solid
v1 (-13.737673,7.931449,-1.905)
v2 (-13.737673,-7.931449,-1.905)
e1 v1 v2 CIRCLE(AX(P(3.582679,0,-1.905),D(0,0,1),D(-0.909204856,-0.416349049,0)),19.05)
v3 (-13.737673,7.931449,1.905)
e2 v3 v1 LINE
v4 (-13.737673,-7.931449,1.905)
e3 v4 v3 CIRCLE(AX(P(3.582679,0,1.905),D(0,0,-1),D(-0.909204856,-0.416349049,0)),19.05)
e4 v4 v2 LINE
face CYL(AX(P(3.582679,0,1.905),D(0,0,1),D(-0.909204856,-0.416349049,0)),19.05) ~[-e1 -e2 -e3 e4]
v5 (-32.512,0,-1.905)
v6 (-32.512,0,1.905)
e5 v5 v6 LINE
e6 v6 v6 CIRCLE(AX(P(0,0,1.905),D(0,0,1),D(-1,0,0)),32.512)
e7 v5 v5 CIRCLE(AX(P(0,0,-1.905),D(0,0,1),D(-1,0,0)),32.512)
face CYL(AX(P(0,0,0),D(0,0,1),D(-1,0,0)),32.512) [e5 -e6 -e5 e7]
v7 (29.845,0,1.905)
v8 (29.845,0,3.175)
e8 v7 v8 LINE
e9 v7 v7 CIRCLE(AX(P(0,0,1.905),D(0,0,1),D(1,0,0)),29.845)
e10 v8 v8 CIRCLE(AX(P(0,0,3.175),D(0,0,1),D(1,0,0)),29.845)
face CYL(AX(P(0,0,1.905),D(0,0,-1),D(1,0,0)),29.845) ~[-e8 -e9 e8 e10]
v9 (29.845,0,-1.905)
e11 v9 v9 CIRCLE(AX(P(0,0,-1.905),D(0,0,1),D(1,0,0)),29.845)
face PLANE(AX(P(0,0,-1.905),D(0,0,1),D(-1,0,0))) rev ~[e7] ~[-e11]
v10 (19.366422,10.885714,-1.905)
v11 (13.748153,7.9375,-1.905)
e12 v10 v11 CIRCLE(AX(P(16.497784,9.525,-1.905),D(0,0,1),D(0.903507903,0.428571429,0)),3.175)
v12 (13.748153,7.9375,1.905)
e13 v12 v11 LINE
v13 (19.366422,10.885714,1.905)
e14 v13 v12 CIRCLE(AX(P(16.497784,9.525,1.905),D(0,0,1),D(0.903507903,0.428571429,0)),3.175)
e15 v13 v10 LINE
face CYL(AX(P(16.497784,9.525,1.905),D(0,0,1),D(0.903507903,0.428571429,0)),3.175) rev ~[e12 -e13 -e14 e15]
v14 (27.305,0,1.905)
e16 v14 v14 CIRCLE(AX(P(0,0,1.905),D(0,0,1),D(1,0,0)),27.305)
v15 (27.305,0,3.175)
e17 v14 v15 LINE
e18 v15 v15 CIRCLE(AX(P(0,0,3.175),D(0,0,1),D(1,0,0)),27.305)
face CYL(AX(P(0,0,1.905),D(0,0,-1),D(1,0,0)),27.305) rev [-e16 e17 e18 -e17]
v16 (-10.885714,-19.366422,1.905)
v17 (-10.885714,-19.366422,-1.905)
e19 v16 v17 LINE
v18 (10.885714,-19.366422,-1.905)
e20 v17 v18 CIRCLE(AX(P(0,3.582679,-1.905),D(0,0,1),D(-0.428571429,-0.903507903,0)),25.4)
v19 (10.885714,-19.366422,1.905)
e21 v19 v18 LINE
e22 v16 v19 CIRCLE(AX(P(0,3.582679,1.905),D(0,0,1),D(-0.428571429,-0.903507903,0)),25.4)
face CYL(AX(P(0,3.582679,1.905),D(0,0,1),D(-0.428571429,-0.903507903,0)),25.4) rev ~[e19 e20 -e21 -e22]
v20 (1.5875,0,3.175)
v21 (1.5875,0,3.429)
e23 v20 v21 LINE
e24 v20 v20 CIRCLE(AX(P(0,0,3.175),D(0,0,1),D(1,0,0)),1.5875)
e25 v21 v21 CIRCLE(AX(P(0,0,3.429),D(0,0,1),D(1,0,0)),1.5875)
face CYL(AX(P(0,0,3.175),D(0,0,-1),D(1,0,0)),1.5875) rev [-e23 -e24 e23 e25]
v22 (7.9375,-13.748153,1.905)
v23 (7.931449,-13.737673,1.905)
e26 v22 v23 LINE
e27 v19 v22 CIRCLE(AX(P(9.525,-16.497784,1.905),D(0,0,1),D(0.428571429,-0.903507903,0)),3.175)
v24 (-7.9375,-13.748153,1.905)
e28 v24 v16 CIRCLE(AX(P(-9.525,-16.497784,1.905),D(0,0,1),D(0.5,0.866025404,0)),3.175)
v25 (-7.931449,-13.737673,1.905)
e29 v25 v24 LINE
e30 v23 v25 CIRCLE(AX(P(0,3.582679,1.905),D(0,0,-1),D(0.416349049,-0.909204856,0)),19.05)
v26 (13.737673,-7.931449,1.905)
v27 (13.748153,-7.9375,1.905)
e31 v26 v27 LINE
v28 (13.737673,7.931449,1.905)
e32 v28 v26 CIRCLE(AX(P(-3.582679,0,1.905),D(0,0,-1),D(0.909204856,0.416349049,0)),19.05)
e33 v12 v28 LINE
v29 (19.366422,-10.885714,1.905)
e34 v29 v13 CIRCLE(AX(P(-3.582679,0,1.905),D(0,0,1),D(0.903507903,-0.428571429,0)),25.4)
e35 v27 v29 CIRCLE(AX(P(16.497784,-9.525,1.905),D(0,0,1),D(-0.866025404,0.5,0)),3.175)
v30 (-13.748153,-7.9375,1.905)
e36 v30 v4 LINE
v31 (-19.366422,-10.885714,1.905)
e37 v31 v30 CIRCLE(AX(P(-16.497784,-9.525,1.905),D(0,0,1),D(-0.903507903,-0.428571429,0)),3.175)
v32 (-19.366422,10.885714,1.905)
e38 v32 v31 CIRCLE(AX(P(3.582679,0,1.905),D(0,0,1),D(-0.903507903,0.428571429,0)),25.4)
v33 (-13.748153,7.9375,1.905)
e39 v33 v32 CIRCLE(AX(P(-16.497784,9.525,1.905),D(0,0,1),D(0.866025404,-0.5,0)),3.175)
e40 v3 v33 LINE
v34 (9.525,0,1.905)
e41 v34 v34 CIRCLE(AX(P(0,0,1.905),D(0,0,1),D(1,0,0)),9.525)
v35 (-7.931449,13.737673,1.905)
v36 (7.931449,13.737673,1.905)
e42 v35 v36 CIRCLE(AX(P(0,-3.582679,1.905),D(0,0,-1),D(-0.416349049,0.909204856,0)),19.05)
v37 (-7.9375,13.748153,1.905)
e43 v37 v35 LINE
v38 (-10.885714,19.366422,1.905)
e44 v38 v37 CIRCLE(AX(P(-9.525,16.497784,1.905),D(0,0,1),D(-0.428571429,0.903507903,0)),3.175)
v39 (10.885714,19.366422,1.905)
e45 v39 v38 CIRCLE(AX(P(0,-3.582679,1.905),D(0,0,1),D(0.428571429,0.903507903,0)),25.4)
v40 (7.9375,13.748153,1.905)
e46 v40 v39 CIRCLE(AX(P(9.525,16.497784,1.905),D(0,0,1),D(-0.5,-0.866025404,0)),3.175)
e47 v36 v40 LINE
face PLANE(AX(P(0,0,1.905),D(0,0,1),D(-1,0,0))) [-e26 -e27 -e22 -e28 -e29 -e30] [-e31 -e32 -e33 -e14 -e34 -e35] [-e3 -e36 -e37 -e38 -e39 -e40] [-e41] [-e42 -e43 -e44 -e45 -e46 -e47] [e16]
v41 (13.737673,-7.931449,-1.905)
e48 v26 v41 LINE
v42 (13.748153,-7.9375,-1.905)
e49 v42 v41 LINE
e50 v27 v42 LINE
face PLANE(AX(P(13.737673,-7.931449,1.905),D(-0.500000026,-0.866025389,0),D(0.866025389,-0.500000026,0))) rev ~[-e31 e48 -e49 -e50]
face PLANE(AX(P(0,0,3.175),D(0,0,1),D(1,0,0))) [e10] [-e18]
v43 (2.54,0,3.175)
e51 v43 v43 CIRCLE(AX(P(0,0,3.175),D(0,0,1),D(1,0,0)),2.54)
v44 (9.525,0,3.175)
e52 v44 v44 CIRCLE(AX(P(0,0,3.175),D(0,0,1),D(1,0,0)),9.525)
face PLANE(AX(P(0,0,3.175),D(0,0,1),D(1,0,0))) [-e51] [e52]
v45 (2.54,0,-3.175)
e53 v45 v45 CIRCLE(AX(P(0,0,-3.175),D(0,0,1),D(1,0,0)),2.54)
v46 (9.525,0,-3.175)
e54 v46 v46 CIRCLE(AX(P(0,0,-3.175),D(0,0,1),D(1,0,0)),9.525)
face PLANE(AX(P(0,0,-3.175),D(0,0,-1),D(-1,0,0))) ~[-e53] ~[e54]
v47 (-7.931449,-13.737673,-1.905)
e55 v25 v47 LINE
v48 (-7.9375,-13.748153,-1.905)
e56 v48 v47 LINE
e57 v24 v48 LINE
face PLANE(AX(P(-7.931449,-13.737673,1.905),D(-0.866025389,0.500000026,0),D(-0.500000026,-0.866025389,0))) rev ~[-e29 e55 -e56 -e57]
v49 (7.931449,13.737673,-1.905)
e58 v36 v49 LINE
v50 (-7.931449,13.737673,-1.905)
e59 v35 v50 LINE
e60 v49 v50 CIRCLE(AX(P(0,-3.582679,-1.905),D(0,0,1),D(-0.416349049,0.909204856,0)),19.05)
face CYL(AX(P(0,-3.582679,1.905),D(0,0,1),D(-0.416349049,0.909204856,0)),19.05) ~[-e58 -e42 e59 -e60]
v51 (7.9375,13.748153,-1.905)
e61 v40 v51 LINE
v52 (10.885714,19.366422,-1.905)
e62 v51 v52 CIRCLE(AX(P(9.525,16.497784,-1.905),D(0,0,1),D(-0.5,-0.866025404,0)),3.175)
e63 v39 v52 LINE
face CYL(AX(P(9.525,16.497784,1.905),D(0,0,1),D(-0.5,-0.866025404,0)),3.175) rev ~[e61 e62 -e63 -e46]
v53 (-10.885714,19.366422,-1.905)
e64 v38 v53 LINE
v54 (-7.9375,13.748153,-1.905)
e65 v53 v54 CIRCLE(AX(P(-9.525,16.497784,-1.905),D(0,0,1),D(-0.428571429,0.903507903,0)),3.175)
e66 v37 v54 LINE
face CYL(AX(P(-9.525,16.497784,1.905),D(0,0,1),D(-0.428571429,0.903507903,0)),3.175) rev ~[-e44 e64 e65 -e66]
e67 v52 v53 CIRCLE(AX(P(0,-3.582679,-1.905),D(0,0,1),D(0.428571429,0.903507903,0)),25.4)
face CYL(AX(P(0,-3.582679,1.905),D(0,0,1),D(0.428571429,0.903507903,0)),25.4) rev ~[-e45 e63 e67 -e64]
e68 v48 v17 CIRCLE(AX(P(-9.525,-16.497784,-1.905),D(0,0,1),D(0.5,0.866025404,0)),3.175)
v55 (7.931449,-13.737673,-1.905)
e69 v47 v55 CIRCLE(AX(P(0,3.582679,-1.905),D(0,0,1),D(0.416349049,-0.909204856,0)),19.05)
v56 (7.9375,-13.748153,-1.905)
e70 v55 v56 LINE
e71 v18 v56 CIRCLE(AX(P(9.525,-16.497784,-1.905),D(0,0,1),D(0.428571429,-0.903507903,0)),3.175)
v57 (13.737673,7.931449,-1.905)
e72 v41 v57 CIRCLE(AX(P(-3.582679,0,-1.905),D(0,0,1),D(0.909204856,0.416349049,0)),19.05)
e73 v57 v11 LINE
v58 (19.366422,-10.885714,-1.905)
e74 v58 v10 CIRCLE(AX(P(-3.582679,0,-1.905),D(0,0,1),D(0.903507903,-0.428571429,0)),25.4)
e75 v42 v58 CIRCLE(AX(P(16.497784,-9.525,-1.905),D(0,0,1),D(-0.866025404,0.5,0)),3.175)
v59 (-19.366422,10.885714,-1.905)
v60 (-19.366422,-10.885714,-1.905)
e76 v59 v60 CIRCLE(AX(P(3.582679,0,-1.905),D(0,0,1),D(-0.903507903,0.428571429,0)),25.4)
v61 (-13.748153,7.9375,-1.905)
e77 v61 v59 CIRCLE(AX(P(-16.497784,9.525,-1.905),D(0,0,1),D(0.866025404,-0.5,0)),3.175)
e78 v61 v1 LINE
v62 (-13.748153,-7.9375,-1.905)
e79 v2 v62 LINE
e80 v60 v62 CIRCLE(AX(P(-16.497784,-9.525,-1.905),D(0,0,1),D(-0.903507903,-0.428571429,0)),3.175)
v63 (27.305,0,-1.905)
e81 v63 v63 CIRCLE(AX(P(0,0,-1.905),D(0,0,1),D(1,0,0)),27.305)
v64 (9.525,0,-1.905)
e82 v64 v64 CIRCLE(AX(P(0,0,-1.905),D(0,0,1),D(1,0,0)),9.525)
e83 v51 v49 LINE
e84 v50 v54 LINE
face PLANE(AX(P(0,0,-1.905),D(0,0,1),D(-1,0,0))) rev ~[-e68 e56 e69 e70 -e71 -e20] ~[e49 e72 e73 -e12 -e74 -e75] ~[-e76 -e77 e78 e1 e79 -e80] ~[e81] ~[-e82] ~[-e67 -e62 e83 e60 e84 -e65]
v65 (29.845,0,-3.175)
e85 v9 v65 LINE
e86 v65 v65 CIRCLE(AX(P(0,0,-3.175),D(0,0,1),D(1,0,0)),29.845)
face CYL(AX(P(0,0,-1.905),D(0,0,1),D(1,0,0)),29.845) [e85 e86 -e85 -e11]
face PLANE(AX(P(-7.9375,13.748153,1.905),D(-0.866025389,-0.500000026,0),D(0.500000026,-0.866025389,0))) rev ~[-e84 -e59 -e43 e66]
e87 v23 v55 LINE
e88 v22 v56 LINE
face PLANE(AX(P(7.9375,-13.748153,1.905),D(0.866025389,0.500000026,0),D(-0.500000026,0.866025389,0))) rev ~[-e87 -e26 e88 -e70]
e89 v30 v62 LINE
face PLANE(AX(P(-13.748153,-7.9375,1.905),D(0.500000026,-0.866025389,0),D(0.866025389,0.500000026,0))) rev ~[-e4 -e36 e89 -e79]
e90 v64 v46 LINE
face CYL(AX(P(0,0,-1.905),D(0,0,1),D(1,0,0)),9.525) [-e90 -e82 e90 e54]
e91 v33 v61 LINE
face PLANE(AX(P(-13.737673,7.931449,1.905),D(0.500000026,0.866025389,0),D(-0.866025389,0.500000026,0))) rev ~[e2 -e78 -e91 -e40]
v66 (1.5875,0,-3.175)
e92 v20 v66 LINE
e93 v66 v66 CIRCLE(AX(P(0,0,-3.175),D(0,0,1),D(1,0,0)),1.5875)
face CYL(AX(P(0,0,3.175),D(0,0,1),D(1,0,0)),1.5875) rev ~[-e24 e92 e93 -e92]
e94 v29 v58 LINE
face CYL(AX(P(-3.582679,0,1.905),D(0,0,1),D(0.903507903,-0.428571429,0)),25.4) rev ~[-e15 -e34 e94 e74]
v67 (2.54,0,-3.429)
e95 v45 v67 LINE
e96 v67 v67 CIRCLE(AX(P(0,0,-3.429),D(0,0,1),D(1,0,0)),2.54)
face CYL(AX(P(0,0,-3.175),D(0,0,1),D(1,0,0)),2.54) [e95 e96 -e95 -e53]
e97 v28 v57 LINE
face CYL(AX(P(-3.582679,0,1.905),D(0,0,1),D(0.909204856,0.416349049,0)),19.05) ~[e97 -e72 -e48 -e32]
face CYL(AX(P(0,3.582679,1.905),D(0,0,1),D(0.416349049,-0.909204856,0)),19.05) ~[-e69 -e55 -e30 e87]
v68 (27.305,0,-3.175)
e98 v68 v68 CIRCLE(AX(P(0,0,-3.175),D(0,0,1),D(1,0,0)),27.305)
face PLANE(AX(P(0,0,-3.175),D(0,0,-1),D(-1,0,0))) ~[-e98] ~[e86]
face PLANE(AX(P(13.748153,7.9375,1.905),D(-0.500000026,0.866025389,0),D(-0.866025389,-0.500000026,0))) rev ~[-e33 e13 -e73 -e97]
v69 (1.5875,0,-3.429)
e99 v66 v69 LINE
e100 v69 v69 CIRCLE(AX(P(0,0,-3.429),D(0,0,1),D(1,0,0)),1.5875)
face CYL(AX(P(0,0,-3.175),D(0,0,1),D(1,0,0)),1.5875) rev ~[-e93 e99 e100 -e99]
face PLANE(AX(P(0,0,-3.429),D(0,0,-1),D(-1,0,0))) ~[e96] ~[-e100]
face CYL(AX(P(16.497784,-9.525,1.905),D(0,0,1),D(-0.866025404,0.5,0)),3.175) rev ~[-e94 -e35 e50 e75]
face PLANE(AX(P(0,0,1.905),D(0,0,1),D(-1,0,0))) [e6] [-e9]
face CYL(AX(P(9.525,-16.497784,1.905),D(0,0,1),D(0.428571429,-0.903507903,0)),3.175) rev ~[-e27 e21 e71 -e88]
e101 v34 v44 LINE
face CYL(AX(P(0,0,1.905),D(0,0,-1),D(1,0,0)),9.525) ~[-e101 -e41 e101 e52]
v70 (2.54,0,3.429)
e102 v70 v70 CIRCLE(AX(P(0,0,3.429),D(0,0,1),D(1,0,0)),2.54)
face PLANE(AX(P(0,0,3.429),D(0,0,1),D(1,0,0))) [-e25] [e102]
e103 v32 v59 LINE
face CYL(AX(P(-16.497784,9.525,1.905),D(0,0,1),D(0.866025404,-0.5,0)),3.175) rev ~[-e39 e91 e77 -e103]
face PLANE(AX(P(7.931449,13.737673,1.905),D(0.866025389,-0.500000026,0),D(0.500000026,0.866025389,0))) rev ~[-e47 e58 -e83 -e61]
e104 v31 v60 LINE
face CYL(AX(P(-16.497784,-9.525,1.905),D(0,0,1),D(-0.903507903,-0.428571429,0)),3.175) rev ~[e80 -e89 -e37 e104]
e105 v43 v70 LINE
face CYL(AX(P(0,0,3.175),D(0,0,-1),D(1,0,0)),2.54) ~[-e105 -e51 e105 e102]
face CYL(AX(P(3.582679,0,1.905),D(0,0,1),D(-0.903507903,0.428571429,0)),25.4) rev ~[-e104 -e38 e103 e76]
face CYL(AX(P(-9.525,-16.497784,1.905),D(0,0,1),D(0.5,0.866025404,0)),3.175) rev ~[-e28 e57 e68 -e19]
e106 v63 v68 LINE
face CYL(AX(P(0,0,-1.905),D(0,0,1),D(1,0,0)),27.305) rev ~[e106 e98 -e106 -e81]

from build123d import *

# Parameters (mm, degrees)
SKETCH1_R           = 32.512
BOSS_EXTRUDE1_DEPTH = 1.905
SKETCH2_R           = 29.845
SKETCH2_R_2         = 27.305
BOSS_EXTRUDE2_DEPTH = 1.27
SKETCH3_R           = 9.525
BOSS_EXTRUDE3_DEPTH = 1.27
CUT_EXTRUDE1_REACH  = 48.136
CIRPATTERN1_COUNT   = 4
SKETCH5_R           = 2.54
SKETCH5_R_2         = 1.5875
BOSS_EXTRUDE4_DEPTH = 0.254
CUT_EXTRUDE2_REACH  = 48.451
SKETCH6_R           = 1.5875


with BuildPart() as part:
    # Sketch1 → Boss-Extrude1 (new, symmetric)
    with BuildSketch(Plane.XY):
        with Locations(Location((0, 0, 0), (0, 0, 180))):
            Circle(SKETCH1_R)
    extrude(amount=BOSS_EXTRUDE1_DEPTH, both=True)

    # Sketch2 → Boss-Extrude2 (add)
    with BuildSketch(Plane.XY.offset(1.905)):
        Circle(SKETCH2_R)
        Circle(SKETCH2_R_2, mode=Mode.SUBTRACT)
    boss_extrude2 = extrude(amount=BOSS_EXTRUDE2_DEPTH)

    # Sketch3 → Boss-Extrude3 (add)
    with BuildSketch(Plane.XY.offset(1.905)):
        Circle(SKETCH3_R)
    boss_extrude3 = extrude(amount=BOSS_EXTRUDE3_DEPTH)

    # Sketch4 → Cut-Extrude1 (cut, up to next)
    with BuildSketch(Plane.XY.offset(1.905), mode=Mode.PRIVATE) as cut_extrude1_sk1:
        with BuildLine():
            ThreePointArc((10.885714286, 19.366421534), (0, 21.8173208), (-10.885714286, 19.366421534))
            ThreePointArc((-10.885714286, 19.366421534), (-12.336421788, 15.022476336), (-7.9375, 13.748153285))
            Line((-7.9375, 13.748153285), (-7.931449378, 13.737673301))
            ThreePointArc((-7.931449378, 13.737673301), (0, 15.4673208), (7.931449378, 13.737673301))
            Line((7.931449378, 13.737673301), (7.9375, 13.748153285))
            ThreePointArc((7.9375, 13.748153285), (12.336421788, 15.022476336), (10.885714286, 19.366421534))
        make_face()
    cut_extrude1_tool1 = extrude(cut_extrude1_sk1.sketch, amount=-CUT_EXTRUDE1_REACH, mode=Mode.PRIVATE) & part.part
    cut_extrude1 = cut_extrude1_tool1.solids().sort_by_distance((0, 17.6348, 1.905))[0]
    add(cut_extrude1, mode=Mode.SUBTRACT)

    # CirPattern1: Cut-Extrude1 ×4 about axis
    cirpattern1_axis = Axis((0, 0, 0), (0, 0, 1))
    for i in range(1, CIRPATTERN1_COUNT):
        add(cut_extrude1.rotate(cirpattern1_axis, i * 360 / CIRPATTERN1_COUNT), mode=Mode.SUBTRACT)

    # Sketch5 → Boss-Extrude4 (add)
    with BuildSketch(Plane.XY.offset(3.175)):
        Circle(SKETCH5_R)
        Circle(SKETCH5_R_2, mode=Mode.SUBTRACT)
    boss_extrude4 = extrude(amount=BOSS_EXTRUDE4_DEPTH)

    # Mirror1: Boss-Extrude2, Boss-Extrude3, Boss-Extrude4 across plane
    add(boss_extrude2.mirror(Plane.XY))
    add(boss_extrude3.mirror(Plane.XY))
    add(boss_extrude4.mirror(Plane.XY))

    # Sketch6 → Cut-Extrude2 (cut, up to next)
    with BuildSketch(Plane.XY.offset(3.175), mode=Mode.PRIVATE) as cut_extrude2_sk1:
        Circle(SKETCH6_R)
    cut_extrude2_tool1 = extrude(cut_extrude2_sk1.sketch, amount=-CUT_EXTRUDE2_REACH, mode=Mode.PRIVATE) & part.part
    add(cut_extrude2_tool1.solids().sort_by_distance((0, 0, 3.175))[0], mode=Mode.SUBTRACT)


solid = part.part
